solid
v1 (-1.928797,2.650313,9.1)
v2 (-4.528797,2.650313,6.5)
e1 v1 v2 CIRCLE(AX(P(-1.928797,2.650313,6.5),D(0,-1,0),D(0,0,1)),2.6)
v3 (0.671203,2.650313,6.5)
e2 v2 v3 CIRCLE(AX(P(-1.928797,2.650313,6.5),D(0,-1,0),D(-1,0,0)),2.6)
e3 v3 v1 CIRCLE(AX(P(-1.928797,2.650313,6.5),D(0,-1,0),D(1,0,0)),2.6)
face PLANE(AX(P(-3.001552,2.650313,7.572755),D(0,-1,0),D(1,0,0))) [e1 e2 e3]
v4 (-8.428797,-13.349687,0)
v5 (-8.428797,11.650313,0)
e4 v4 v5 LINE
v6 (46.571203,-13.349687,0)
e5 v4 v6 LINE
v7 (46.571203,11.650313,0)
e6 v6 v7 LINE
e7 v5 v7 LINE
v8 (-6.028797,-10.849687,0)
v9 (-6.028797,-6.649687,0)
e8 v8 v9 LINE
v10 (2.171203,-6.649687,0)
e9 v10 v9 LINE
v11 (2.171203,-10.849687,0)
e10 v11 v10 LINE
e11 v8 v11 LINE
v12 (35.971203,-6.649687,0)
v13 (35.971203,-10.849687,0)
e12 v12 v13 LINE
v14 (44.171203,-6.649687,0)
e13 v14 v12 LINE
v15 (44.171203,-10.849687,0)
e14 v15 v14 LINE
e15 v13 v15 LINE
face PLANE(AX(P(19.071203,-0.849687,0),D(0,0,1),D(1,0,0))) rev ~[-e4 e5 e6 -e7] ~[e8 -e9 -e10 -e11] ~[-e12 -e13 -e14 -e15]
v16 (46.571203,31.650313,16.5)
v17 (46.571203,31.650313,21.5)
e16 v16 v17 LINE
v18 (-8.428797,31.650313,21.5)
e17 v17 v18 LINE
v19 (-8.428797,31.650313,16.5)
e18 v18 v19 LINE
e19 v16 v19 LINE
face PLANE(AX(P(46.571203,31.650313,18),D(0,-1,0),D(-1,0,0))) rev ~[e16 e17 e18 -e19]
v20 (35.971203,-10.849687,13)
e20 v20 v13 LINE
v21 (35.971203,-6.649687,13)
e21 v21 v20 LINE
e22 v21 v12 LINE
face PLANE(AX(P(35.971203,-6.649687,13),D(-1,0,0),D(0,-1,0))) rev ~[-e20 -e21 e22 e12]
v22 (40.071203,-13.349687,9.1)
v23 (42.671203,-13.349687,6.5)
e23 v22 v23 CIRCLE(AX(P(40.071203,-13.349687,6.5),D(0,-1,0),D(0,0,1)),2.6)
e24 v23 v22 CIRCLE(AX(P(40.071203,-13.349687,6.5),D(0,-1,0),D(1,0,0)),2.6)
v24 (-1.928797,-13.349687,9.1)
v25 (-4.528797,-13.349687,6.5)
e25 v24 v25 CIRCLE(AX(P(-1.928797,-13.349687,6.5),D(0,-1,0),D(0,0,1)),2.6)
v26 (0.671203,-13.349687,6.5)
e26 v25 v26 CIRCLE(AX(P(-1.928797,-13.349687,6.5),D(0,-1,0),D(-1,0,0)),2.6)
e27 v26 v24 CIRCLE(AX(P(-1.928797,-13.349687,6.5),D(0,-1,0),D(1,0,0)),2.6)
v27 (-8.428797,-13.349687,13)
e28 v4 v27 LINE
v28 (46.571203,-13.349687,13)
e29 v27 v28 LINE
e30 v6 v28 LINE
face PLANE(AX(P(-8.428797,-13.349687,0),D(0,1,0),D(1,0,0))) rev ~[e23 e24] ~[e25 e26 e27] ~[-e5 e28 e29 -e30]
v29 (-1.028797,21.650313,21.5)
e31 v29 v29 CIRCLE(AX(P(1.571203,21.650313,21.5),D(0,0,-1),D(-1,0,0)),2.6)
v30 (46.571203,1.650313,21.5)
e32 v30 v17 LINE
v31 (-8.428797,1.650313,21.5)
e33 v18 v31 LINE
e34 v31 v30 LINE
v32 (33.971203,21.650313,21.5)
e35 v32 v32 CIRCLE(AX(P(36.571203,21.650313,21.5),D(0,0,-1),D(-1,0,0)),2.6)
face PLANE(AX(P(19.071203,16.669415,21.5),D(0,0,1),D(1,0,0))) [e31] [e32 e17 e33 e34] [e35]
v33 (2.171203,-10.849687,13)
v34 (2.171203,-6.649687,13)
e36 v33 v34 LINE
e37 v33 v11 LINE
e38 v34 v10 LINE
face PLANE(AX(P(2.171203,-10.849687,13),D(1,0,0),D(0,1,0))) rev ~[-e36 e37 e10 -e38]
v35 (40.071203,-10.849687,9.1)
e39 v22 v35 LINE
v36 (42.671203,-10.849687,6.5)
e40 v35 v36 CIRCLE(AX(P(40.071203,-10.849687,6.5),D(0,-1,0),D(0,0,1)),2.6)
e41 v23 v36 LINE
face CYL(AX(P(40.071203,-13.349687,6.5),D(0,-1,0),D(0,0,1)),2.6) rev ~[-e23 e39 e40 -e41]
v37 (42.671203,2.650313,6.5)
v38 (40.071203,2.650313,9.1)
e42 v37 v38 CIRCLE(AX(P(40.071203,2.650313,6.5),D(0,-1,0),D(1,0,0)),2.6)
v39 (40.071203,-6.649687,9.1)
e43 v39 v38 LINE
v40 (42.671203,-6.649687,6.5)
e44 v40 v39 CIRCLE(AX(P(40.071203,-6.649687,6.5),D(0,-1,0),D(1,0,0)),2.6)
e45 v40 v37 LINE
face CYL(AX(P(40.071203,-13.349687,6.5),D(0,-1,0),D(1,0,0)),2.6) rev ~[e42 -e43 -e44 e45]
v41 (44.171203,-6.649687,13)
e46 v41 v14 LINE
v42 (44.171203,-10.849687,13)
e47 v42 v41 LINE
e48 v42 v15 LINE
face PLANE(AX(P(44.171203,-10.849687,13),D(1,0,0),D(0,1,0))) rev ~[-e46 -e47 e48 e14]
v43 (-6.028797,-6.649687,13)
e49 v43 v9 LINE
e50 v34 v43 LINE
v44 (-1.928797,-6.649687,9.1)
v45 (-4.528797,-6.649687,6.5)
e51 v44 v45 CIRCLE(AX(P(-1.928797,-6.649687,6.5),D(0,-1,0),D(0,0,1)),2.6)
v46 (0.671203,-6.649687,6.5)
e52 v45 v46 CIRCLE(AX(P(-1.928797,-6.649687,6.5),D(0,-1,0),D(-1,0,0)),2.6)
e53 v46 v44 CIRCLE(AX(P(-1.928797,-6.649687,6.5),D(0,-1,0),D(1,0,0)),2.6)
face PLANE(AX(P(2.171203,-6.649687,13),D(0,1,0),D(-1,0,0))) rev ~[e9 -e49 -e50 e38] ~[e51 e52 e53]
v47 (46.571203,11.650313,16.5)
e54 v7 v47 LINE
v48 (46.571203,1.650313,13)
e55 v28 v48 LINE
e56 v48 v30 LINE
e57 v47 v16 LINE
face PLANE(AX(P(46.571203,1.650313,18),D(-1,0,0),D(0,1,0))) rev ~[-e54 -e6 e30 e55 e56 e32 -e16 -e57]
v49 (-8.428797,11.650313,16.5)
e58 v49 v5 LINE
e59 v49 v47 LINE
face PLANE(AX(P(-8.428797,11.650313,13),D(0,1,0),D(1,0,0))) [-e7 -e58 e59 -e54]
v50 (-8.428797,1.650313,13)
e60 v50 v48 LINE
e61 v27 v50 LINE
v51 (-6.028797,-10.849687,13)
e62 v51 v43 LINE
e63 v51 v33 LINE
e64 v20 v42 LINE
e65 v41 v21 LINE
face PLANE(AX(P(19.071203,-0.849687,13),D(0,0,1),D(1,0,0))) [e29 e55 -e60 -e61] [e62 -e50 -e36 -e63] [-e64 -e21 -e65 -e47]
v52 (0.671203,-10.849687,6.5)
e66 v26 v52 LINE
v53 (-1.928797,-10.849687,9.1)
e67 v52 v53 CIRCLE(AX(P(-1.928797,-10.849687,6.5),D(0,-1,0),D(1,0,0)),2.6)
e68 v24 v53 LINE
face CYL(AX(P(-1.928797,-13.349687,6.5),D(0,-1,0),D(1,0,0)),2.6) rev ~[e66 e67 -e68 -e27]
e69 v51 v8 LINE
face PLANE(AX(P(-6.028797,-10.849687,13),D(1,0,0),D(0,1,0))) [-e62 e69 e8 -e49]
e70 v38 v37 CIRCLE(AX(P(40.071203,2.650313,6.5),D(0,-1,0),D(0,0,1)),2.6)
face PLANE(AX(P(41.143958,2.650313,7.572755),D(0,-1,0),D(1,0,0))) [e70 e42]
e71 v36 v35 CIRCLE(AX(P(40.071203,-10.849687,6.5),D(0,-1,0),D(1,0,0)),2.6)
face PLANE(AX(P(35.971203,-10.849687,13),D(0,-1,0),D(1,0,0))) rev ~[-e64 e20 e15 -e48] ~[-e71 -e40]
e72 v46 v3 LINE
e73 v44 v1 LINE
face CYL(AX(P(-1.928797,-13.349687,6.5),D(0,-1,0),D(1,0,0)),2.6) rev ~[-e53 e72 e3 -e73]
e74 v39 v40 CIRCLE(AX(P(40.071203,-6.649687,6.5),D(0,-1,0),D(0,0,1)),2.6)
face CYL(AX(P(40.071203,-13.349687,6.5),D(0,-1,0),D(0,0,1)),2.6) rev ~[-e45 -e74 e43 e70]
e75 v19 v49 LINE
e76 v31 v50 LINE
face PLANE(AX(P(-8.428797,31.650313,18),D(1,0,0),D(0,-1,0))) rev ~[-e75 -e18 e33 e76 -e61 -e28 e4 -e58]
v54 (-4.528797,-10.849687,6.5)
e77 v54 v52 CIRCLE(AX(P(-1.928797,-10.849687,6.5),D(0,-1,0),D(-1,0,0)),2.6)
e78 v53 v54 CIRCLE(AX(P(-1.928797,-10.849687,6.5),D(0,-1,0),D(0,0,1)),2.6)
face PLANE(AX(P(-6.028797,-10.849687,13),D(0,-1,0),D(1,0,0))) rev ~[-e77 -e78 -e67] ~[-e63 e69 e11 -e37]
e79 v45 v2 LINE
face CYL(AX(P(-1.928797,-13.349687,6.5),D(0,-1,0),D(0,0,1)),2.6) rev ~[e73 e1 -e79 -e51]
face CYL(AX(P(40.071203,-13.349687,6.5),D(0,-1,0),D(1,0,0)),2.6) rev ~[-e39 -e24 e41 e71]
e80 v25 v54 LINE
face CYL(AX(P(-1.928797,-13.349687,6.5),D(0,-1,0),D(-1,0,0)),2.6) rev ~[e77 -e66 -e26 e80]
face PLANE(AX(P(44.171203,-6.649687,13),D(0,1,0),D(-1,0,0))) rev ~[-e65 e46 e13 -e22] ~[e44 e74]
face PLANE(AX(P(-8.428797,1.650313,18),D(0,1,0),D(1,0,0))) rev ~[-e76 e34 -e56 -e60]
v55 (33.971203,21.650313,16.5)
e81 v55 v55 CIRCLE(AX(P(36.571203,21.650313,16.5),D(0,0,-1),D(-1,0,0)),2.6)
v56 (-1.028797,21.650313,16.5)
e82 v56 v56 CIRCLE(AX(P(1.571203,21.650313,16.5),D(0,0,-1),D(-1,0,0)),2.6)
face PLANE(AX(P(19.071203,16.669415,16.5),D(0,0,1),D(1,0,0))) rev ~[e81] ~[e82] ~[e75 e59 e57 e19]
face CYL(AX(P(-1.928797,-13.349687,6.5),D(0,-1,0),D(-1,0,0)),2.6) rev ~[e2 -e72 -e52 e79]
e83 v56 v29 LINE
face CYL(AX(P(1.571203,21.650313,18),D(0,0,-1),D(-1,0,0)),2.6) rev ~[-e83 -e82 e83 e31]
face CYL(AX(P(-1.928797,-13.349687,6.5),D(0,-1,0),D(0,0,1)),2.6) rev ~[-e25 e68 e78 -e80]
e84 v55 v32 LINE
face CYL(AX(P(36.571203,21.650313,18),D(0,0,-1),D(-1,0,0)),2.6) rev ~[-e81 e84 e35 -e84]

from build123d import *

# Parameters (mm, degrees)
F0_W     = 55
F0_H     = 25
F1_DEPTH = 13
F3_DEPTH = 16
F4_W     = 4.1
F4_H     = 4.2
F5_DEPTH = 31.6
F6_W     = 55
F6_H     = 10
F7_DEPTH = 5
F8_DEPTH = 3.5
F9_DEPTH = 3.5


with BuildPart() as f1:
    # F0 (on Top) → F1 (new body)
    with BuildSketch(Plane.XY):
        with Locations((19.0712029868, -0.8496874943)):
            Rectangle(F0_W, F0_H)
    extrude(amount=F1_DEPTH)

    # F2 (on face) → F3 (cut)
    with BuildSketch(Plane.XZ.offset(13.3496874943)):
        with BuildLine():
            Line((-1.9287970132, 6.5), (-1.9287970132, 9.1))
            ThreePointArc((-1.9287970132, 9.1), (-3.7672746443, 8.3384776311), (-4.5287970132, 6.5))
            Line((-4.5287970132, 6.5), (-1.9287970132, 6.5))
        make_face()
        with BuildLine():
            ThreePointArc((0.6712029868, 6.5), (-0.0903193822, 8.3384776311), (-1.9287970132, 9.1))
            Line((-1.9287970132, 9.1), (-1.9287970132, 6.5))
            Line((-1.9287970132, 6.5), (-4.5287970132, 6.5))
            ThreePointArc((-4.5287970132, 6.5), (-1.9287970132, 3.9), (0.6712029868, 6.5))
        make_face()
        with BuildLine():
            ThreePointArc((42.6712029868, 6.5), (41.9096806178, 8.3384776311), (40.0712029868, 9.1))
            Line((40.0712029868, 9.1), (40.0712029868, 6.5))
            Line((40.0712029868, 6.5), (42.6712029868, 6.5))
        make_face()
        with BuildLine():
            Line((40.0712029868, 6.5), (40.0712029868, 9.1))
            ThreePointArc((40.0712029868, 9.1), (38.2327253557, 4.6615223689), (42.6712029868, 6.5))
            Line((42.6712029868, 6.5), (40.0712029868, 6.5))
        make_face()
    extrude(amount=-F3_DEPTH, mode=Mode.SUBTRACT)

    # F4 (on face) → F5 (cut)
    with BuildSketch(Plane.XY.offset(13)):
        Polygon((35.9712029868, -6.6496874943), (35.9712029868, -10.8496874943), (40.0712029868, -10.8496874943), (44.1712029868, -10.8496874943), (44.1712029868, -6.6496874943), (40.0712029868, -6.6496874943), align=None)
        with Locations((0.1212029868, -8.7496874943)):
            Rectangle(F4_W, F4_H)
        with Locations((-3.9787970132, -8.7496874943)):
            Rectangle(F4_W, F4_H)
    extrude(amount=-F5_DEPTH, mode=Mode.SUBTRACT)

    # F6 (on face) → F7 (join)
    with BuildSketch(Plane.XY.offset(13)):
        with BuildLine():
            Line((-8.4287970132, 21.6503125057), (-8.4287970132, 11.6503125057))
            Line((-8.4287970132, 11.6503125057), (46.5712029868, 11.6503125057))
            Line((46.5712029868, 11.6503125057), (46.5712029868, 21.6503125057))
            Line((46.5712029868, 21.6503125057), (39.1712029868, 21.6503125057))
            ThreePointArc((39.1712029868, 21.6503125057), (36.5712029868, 19.0503125057), (33.9712029868, 21.6503125057))
            Line((33.9712029868, 21.6503125057), (4.1712029868, 21.6503125057))
            ThreePointArc((4.1712029868, 21.6503125057), (1.5712029868, 19.0503125057), (-1.0287970132, 21.6503125057))
            Line((-1.0287970132, 21.6503125057), (-8.4287970132, 21.6503125057))
        make_face()
        with Locations((19.0712029868, 6.6503125057)):
            Rectangle(F6_W, F6_H)
        with BuildLine():
            Line((-8.4287970132, 31.6503125057), (-8.4287970132, 21.6503125057))
            Line((-8.4287970132, 21.6503125057), (-1.0287970132, 21.6503125057))
            ThreePointArc((-1.0287970132, 21.6503125057), (1.5712029868, 24.2503125057), (4.1712029868, 21.6503125057))
            Line((4.1712029868, 21.6503125057), (33.9712029868, 21.6503125057))
            ThreePointArc((33.9712029868, 21.6503125057), (36.5712029868, 24.2503125057), (39.1712029868, 21.6503125057))
            Line((39.1712029868, 21.6503125057), (46.5712029868, 21.6503125057))
            Line((46.5712029868, 21.6503125057), (46.5712029868, 31.6503125057))
            Line((46.5712029868, 31.6503125057), (-8.4287970132, 31.6503125057))
        make_face()
    extrude(amount=F7_DEPTH)

    # F8 (add): a face of the model
    f8_faces = [f1.faces().sort_by_distance(p)[0] for p in [
        (19.0712029868, 16.5182016052, 18),
    ]]
    extrude(f8_faces, amount=F8_DEPTH)

    # F9 (cut): a face of the model
    f9_faces = [f1.faces().sort_by_distance(p)[0] for p in [
        (19.0712029868, 21.6503125057, 13),
    ]]
    extrude(f9_faces, amount=-F9_DEPTH, mode=Mode.SUBTRACT)


solid = f1.part
